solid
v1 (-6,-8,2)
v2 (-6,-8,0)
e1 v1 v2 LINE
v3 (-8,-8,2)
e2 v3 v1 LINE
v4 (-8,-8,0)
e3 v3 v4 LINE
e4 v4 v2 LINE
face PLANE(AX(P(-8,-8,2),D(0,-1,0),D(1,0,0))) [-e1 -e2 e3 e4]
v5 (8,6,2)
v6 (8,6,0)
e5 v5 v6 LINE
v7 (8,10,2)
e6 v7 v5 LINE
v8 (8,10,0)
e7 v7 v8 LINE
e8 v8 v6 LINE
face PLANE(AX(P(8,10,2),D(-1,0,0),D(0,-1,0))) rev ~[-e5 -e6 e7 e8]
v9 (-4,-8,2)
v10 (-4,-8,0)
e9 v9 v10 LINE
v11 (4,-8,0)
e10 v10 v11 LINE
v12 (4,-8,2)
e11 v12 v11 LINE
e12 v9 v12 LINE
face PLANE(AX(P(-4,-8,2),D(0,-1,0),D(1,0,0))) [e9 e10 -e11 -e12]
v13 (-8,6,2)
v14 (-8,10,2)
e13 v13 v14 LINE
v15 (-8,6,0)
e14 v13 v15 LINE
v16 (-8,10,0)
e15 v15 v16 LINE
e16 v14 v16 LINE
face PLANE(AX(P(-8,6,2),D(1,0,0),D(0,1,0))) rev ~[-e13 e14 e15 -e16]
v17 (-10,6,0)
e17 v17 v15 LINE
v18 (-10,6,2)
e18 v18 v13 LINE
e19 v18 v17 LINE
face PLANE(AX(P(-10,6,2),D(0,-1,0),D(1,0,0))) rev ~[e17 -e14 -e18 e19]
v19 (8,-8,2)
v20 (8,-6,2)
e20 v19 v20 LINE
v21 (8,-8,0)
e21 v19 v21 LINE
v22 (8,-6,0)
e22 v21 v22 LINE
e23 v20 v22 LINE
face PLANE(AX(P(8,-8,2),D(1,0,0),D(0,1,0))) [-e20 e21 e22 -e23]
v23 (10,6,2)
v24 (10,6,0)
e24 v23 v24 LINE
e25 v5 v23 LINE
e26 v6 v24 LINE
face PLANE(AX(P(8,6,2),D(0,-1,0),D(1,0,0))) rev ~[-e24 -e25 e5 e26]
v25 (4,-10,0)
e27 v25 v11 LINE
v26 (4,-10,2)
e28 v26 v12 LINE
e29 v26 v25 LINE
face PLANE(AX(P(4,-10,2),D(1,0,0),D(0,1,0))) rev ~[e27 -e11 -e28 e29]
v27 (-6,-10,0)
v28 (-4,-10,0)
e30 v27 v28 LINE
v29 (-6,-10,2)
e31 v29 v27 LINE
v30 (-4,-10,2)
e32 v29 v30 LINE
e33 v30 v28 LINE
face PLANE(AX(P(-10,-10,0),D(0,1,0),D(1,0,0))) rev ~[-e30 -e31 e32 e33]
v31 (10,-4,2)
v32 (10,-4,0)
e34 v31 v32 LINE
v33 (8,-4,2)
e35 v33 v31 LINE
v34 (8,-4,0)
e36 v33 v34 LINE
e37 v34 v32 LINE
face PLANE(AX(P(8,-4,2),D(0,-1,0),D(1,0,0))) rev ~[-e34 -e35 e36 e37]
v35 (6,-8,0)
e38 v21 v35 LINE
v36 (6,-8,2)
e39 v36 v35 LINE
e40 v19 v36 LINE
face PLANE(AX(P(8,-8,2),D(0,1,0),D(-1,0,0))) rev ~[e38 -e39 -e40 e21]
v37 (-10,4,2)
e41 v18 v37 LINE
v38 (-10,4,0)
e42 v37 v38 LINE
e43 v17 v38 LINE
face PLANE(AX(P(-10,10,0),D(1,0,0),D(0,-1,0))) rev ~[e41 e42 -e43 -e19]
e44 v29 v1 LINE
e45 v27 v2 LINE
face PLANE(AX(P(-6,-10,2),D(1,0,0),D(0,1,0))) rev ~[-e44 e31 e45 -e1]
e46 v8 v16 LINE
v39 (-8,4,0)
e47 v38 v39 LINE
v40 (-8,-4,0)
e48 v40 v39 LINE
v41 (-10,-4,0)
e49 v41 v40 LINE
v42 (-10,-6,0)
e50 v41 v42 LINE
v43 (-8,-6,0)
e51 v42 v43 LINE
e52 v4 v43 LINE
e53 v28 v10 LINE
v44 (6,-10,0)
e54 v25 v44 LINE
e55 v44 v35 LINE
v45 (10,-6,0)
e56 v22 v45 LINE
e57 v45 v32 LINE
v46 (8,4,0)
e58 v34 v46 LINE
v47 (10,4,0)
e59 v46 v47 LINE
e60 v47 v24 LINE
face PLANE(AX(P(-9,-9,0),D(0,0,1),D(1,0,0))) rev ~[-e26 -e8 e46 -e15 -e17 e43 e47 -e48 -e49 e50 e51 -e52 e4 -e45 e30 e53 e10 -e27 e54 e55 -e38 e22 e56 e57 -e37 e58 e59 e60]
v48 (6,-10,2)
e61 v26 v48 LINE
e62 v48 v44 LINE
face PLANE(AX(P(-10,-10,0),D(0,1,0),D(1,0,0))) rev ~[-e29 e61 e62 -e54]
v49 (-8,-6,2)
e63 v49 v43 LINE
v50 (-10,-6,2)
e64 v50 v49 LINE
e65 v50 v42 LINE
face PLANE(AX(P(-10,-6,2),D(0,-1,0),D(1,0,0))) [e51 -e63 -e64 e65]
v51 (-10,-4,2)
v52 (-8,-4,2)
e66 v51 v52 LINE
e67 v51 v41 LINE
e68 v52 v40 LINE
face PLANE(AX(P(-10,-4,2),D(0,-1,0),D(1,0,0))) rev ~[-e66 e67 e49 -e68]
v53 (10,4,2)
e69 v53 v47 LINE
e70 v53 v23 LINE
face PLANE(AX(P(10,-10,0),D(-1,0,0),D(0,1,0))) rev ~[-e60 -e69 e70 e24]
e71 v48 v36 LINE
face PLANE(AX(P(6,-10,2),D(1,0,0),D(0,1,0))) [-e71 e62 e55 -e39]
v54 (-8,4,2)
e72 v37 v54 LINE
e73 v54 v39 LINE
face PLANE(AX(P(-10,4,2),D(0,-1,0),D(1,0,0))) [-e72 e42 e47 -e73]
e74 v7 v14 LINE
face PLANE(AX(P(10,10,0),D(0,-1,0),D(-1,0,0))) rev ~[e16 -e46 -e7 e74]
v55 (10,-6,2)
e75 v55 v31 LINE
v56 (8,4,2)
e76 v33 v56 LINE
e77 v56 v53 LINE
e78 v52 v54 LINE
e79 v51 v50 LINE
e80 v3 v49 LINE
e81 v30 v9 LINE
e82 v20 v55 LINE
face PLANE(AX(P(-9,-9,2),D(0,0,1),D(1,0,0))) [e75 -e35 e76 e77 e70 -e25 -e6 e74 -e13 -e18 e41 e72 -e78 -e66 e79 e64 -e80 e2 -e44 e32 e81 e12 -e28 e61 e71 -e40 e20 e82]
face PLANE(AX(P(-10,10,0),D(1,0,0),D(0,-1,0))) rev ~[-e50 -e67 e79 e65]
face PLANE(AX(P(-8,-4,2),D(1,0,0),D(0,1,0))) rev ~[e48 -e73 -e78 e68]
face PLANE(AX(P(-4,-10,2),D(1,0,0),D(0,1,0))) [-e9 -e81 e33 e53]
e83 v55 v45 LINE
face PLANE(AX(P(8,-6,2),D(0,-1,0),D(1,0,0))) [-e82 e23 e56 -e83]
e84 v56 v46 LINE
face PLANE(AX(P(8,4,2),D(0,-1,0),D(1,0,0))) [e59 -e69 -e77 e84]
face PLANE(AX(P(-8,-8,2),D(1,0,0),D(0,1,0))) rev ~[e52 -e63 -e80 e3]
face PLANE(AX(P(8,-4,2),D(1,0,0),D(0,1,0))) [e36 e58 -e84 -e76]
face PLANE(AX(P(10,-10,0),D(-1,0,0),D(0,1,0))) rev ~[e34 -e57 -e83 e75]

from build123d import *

# Parameters (mm, degrees)
F0_W     = 2
F0_H     = 2
F0_W_2   = 16
F0_H_2   = 16
F1_DEPTH = 2
F2_W     = 2
F2_H     = 2
F2_H_2   = 8
F2_W_2   = 8
F3_DEPTH = 25


with BuildPart() as f1:
    # F0 (on Top) → F1 (new body)
    with BuildSketch(Plane.XY):
        with Locations((-9, -9)):
            Rectangle(F0_W, F0_H)
        with Locations((0, -9)):
            Rectangle(F0_W_2, F0_H)
        with Locations((-9, 0)):
            Rectangle(F0_W, F0_H_2)
        with Locations((9, -9)):
            Rectangle(F0_W, F0_H)
        with Locations((-9, 9)):
            Rectangle(F0_W, F0_H)
        with Locations((9, 0)):
            Rectangle(F0_W, F0_H_2)
        with Locations((0, 9)):
            Rectangle(F0_W_2, F0_H)
        with Locations((9, 9)):
            Rectangle(F0_W, F0_H)
        Rectangle(F0_W_2, F0_H_2)
    extrude(amount=F1_DEPTH)

    # F2 (on face) → F3 (cut)
    with BuildSketch(Plane.XY.offset(2)):
        with Locations((-9, 9)):
            Rectangle(F2_W, F2_H)
        with Locations((-9, 7)):
            Rectangle(F2_W, F2_H)
        with Locations((-9, 0)):
            Rectangle(F2_W, F2_H_2)
        with Locations((-9, -7)):
            Rectangle(F2_W, F2_H)
        with Locations((-9, -9)):
            Rectangle(F2_W, F2_H)
        with Locations((-7, -9)):
            Rectangle(F2_W, F2_H)
        with Locations((0, -9)):
            Rectangle(F2_W_2, F2_H)
        with Locations((7, -9)):
            Rectangle(F2_W, F2_H)
        with Locations((9, -9)):
            Rectangle(F2_W, F2_H)
        with Locations((9, -7)):
            Rectangle(F2_W, F2_H)
        with Locations((9, 0)):
            Rectangle(F2_W, F2_H_2)
        with Locations((9, 7)):
            Rectangle(F2_W, F2_H)
        with Locations((9, 9)):
            Rectangle(F2_W, F2_H)
    extrude(amount=-F3_DEPTH, mode=Mode.SUBTRACT)


solid = f1.part
